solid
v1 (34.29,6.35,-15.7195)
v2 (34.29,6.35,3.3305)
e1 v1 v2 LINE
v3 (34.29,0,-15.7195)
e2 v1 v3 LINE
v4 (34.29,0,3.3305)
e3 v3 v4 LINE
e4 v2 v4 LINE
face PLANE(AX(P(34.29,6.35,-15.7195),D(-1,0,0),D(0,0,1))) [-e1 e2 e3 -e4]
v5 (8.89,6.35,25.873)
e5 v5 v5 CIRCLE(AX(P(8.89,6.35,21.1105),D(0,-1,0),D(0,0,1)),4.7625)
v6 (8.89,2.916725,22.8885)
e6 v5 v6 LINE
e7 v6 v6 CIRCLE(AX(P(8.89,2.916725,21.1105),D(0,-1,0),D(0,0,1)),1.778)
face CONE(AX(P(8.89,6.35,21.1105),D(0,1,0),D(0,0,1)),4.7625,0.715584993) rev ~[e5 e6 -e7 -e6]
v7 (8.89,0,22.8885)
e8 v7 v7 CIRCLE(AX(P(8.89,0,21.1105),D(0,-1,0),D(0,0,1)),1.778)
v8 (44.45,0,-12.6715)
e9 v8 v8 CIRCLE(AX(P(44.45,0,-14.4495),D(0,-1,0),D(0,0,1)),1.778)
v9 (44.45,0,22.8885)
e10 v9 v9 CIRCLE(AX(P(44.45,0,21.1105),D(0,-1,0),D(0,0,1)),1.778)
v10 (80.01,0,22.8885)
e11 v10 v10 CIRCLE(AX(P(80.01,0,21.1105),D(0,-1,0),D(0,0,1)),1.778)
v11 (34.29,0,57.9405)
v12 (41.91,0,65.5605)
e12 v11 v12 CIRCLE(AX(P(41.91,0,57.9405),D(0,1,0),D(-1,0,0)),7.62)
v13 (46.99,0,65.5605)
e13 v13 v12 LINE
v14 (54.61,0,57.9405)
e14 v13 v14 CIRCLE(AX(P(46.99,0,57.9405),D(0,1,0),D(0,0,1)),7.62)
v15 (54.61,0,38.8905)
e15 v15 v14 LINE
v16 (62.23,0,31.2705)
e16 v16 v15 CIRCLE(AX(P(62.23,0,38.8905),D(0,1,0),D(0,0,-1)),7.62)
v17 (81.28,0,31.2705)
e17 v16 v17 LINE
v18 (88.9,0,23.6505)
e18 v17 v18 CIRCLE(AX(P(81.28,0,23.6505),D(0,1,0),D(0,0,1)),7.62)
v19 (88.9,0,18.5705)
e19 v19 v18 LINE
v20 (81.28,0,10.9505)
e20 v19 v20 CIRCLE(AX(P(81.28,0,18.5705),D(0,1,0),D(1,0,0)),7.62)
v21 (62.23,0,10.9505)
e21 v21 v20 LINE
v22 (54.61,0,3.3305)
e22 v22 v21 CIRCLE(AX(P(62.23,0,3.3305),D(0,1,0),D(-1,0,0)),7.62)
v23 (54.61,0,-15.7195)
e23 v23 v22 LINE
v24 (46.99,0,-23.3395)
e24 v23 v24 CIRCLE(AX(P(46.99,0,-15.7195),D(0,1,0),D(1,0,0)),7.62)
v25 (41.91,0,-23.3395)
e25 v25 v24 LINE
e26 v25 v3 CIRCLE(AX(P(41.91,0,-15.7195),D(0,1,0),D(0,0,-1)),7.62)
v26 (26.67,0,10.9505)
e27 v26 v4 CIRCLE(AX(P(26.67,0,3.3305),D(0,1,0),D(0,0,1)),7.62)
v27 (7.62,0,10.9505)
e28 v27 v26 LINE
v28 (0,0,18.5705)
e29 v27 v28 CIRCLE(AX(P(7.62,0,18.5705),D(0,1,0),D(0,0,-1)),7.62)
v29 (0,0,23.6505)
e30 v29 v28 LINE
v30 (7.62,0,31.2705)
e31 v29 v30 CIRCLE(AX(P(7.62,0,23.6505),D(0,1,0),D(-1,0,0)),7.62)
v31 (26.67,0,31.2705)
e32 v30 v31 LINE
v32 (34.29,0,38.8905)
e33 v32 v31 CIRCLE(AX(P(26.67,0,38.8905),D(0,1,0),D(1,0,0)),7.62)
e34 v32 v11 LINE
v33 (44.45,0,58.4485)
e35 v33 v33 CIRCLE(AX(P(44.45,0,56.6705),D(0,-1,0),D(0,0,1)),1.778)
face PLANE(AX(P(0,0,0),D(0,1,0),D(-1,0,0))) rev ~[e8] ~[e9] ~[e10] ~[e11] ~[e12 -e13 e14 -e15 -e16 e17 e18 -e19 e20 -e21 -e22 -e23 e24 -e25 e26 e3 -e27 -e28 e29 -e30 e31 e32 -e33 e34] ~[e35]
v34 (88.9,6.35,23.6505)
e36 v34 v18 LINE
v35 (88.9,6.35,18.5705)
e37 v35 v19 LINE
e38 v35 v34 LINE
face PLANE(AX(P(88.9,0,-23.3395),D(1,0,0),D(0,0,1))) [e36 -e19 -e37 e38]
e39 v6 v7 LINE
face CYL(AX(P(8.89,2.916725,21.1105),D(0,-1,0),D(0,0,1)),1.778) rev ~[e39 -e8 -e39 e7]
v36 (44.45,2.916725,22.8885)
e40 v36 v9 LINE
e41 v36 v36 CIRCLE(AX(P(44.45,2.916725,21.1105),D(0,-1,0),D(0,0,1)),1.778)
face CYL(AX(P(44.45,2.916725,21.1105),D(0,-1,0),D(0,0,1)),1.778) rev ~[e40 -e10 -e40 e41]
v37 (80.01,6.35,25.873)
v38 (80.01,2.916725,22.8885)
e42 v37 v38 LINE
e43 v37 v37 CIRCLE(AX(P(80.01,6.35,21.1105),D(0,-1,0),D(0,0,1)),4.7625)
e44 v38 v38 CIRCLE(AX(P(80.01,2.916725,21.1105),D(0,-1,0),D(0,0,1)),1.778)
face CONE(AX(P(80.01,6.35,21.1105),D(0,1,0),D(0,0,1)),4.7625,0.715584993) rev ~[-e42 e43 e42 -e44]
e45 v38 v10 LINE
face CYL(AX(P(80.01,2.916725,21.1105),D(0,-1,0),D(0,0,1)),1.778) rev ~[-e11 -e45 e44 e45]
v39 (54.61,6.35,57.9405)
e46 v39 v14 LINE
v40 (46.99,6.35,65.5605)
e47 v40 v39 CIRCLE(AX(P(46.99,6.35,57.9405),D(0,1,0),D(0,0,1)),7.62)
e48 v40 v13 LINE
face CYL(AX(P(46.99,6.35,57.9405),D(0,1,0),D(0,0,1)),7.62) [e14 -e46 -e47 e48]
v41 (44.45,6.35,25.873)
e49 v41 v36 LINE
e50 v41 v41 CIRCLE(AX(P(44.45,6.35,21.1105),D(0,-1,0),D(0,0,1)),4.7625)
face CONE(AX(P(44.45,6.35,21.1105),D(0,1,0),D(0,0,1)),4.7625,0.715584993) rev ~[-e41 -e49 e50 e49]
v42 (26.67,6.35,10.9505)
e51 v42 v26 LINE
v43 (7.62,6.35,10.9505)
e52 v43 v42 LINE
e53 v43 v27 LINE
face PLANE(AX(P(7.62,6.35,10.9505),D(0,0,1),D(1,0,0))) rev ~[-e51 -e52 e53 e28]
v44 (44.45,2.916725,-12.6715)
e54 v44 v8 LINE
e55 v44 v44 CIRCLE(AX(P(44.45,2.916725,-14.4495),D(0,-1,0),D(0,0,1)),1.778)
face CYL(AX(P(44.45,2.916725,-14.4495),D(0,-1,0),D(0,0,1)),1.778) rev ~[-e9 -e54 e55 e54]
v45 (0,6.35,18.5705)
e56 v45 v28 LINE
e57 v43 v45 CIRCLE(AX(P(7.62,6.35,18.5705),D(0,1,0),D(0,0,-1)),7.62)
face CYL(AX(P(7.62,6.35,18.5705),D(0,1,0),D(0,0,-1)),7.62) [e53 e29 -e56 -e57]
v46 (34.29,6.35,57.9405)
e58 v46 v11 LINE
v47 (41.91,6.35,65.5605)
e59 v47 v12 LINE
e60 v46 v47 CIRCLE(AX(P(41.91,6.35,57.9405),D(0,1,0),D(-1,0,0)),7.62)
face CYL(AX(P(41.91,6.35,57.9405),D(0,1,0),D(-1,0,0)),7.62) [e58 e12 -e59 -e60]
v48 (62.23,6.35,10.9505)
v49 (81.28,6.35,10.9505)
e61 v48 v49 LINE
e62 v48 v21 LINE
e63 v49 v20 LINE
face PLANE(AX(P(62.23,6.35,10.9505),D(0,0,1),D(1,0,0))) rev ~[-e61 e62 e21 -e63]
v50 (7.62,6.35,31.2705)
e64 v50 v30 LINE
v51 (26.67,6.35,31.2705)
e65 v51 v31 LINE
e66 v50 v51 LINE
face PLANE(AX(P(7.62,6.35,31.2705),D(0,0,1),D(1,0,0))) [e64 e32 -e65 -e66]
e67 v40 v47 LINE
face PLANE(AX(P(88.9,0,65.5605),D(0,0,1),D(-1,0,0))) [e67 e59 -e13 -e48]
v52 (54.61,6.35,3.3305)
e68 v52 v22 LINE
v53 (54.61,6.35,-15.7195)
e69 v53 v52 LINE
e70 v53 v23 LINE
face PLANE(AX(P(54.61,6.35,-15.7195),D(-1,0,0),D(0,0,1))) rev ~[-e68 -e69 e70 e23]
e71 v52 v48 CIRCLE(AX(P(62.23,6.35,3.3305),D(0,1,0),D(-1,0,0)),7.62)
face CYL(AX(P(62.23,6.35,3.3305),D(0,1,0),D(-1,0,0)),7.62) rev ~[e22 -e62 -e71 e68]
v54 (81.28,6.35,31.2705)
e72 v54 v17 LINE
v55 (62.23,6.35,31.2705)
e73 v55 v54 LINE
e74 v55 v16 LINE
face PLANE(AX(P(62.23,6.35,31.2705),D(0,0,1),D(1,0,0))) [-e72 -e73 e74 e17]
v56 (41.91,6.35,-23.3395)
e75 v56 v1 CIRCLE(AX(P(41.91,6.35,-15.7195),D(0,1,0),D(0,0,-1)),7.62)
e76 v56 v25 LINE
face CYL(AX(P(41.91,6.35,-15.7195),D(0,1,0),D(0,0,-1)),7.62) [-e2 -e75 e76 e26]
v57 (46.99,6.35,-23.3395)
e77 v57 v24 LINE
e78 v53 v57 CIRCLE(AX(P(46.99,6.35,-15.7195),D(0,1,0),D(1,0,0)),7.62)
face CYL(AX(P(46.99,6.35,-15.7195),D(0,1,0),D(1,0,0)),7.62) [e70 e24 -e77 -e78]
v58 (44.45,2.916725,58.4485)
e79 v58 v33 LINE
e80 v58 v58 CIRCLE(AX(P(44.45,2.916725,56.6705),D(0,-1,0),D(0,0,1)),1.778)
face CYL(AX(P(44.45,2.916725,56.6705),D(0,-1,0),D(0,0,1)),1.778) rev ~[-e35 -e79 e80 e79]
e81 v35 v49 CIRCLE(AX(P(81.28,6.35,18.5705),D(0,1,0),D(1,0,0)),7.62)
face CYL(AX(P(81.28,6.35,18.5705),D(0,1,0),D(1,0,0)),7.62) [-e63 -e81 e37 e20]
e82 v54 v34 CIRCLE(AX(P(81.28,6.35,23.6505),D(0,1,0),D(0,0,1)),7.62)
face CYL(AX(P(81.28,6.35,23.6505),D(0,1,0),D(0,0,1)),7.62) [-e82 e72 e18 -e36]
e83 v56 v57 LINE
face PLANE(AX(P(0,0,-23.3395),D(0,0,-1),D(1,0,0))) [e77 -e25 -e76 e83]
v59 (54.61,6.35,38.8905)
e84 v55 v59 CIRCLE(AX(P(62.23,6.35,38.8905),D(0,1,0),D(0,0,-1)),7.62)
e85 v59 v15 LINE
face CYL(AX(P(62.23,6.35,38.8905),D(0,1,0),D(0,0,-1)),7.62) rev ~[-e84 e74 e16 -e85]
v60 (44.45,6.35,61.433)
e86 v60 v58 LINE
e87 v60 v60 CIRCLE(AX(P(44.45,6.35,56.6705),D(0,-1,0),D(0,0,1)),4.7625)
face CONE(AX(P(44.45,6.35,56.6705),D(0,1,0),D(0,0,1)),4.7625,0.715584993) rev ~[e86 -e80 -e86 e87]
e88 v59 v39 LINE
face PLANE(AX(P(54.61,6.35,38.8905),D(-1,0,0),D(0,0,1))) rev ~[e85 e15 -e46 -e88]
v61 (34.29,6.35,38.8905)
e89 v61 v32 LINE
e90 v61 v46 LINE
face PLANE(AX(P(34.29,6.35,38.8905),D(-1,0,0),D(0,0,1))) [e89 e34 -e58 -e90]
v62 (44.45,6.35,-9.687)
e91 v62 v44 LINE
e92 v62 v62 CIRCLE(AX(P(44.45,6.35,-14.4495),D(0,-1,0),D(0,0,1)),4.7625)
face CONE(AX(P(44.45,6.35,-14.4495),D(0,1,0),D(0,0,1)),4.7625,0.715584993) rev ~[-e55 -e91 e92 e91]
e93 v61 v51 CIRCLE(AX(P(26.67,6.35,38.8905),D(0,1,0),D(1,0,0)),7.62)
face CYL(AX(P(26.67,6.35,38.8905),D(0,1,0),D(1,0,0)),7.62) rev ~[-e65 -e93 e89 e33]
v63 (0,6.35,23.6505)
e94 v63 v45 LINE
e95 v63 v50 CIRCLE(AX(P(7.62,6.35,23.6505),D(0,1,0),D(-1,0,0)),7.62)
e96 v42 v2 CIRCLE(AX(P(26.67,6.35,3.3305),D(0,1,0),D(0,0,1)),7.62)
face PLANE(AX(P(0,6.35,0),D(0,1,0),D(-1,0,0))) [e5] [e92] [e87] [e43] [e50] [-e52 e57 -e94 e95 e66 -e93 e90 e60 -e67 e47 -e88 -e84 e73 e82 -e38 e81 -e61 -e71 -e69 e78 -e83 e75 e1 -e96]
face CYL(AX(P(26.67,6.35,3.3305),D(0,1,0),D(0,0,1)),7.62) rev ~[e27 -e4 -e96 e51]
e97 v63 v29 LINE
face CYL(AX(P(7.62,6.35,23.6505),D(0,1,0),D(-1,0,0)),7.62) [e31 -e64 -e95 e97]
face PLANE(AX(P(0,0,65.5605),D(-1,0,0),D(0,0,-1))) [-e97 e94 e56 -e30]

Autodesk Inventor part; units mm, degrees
ref_plane "YZ Plane" through (0, 0, 0) normal (1, 0, 0) x (0, 1, 0)
ref_plane "XZ Plane" through (0, 0, 0) normal (0, 1, 0) x (-1, 0, 0)
ref_plane "XY Plane" through (0, 0, 0) normal (0, 0, 1) x (1, 0, 0)
sketch "Sketch1" plane through (0, 0, 0) normal (0, 1, 0) x (-1, 0, 0)
  line L0 (0, -23.3395) -> (-88.9, -23.3395)
  line L1 (-88.9, -23.3395) -> (-88.9, 65.5605)
  line L2 (-88.9, 65.5605) -> (0, 65.5605)
  line L3 (0, 65.5605) -> (0, -23.3395)
  point P0 (0, 0)
  dimension "d0" = 88.9
  dimension "d1" = 88.9
extrude "Extrusion1" add sketch "Sketch1" along normal blind 6.35
sketch "Sketch2" plane through (0, 6.35, 0) normal (0, 1, 0) x (1, 0, 0)
  line L0 (88.9, -65.5605) -> (88.9, 23.3395) projected
  line L1 (88.9, 23.3395) -> (0, 23.3395) projected
  point P0 (0, 0)
  point P1 (44.45, -21.1105)
  point P2 (80.01, -21.1105)
  point P3 (8.89, -21.1105)
  point P4 (44.45, 14.4495)
  point P5 (44.45, -56.6705)
  dimension "d4" = 44.45
  dimension "d5" = 44.45
  dimension "d6" = 35.56
  dimension "d7" = 35.56
  dimension "d8" = 35.56
  dimension "d9" = 35.56
hole "Hole1" at (44.45, 6.35, 21.1105) at (80.01, 6.35, 21.1105) at (8.89, 6.35, 21.1105) at (44.45, 6.35, -14.4495) at (44.45, 6.35, 56.6705) direction (0, -1, 0) diameter 3.556 end through all countersink diameter 9.525 countersink angle 82
sketch "Sketch3" plane through (0, 6.35, 0) normal (0, 1, 0) x (1, 0, 0)
  line L0 (88.9, 23.3395) -> (0, 23.3395) projected
  line L1 (88.9, -65.5605) -> (0, -65.5605) projected
  line L2 (0, -65.5605) -> (0, 23.3395) projected
  line L3 (88.9, 23.3395) -> (88.9, -65.5605) projected
  line L4 (34.29, 15.7195) -> (34.29, -3.3305)
  line L5 (34.29, -38.8905) -> (34.29, -57.9405)
  line L6 (54.61, 15.7195) -> (54.61, -3.3305)
  line L7 (54.61, -38.8905) -> (54.61, -57.9405)
  line L8 (7.62, -31.2705) -> (26.67, -31.2705)
  line L9 (62.23, -31.2705) -> (81.28, -31.2705)
  line L10 (7.62, -10.9505) -> (26.67, -10.9505)
  line L11 (62.23, -10.9505) -> (81.28, -10.9505)
  line L12 (0, -18.5705) -> (0, -23.6505)
  line L13 (41.91, -65.5605) -> (46.99, -65.5605)
  line L14 (88.9, -23.6505) -> (88.9, -18.5705)
  line L15 (41.91, 23.3395) -> (46.99, 23.3395)
  arc A0 (41.91, 23.3395) -> (34.29, 15.7195) centre (41.91, 15.7195) ccw
  arc A1 (54.61, 15.7195) -> (46.99, 23.3395) centre (46.99, 15.7195) ccw
  arc A2 (26.67, -10.9505) -> (34.29, -3.3305) centre (26.67, -3.3305) ccw
  arc A3 (7.62, -10.9505) -> (0, -18.5705) centre (7.62, -18.5705) ccw
  arc A4 (0, -23.6505) -> (7.62, -31.2705) centre (7.62, -23.6505) ccw
  arc A5 (34.29, -38.8905) -> (26.67, -31.2705) centre (26.67, -38.8905) ccw
  arc A6 (34.29, -57.9405) -> (41.91, -65.5605) centre (41.91, -57.9405) ccw
  arc A7 (46.99, -65.5605) -> (54.61, -57.9405) centre (46.99, -57.9405) ccw
  arc A8 (62.23, -31.2705) -> (54.61, -38.8905) centre (62.23, -38.8905) ccw
  arc A9 (81.28, -31.2705) -> (88.9, -23.6505) centre (81.28, -23.6505) ccw
  arc A10 (88.9, -18.5705) -> (81.28, -10.9505) centre (81.28, -18.5705) ccw
  arc A11 (54.61, -3.3305) -> (62.23, -10.9505) centre (62.23, -3.3305) ccw
  point P0 (0, 0)
  dimension "d21" = 7.62
extrude "Extrusion2" cut sketch "Sketch3" against normal blind 6.35 contours L3 A10 L11 A11 L6 A1 L0 | A0 L4 A2 L10 A3 L2 L0 | L3 L1 A7 L7 A8 L9 A9 | A4 L8 A5 L5 A6 L1 L2
equation "\"d4\" = 0.5 * d1"
equation "\"d5\" = 0.5 * d1"
properties part number "plus sign" material "Polypropylene"
